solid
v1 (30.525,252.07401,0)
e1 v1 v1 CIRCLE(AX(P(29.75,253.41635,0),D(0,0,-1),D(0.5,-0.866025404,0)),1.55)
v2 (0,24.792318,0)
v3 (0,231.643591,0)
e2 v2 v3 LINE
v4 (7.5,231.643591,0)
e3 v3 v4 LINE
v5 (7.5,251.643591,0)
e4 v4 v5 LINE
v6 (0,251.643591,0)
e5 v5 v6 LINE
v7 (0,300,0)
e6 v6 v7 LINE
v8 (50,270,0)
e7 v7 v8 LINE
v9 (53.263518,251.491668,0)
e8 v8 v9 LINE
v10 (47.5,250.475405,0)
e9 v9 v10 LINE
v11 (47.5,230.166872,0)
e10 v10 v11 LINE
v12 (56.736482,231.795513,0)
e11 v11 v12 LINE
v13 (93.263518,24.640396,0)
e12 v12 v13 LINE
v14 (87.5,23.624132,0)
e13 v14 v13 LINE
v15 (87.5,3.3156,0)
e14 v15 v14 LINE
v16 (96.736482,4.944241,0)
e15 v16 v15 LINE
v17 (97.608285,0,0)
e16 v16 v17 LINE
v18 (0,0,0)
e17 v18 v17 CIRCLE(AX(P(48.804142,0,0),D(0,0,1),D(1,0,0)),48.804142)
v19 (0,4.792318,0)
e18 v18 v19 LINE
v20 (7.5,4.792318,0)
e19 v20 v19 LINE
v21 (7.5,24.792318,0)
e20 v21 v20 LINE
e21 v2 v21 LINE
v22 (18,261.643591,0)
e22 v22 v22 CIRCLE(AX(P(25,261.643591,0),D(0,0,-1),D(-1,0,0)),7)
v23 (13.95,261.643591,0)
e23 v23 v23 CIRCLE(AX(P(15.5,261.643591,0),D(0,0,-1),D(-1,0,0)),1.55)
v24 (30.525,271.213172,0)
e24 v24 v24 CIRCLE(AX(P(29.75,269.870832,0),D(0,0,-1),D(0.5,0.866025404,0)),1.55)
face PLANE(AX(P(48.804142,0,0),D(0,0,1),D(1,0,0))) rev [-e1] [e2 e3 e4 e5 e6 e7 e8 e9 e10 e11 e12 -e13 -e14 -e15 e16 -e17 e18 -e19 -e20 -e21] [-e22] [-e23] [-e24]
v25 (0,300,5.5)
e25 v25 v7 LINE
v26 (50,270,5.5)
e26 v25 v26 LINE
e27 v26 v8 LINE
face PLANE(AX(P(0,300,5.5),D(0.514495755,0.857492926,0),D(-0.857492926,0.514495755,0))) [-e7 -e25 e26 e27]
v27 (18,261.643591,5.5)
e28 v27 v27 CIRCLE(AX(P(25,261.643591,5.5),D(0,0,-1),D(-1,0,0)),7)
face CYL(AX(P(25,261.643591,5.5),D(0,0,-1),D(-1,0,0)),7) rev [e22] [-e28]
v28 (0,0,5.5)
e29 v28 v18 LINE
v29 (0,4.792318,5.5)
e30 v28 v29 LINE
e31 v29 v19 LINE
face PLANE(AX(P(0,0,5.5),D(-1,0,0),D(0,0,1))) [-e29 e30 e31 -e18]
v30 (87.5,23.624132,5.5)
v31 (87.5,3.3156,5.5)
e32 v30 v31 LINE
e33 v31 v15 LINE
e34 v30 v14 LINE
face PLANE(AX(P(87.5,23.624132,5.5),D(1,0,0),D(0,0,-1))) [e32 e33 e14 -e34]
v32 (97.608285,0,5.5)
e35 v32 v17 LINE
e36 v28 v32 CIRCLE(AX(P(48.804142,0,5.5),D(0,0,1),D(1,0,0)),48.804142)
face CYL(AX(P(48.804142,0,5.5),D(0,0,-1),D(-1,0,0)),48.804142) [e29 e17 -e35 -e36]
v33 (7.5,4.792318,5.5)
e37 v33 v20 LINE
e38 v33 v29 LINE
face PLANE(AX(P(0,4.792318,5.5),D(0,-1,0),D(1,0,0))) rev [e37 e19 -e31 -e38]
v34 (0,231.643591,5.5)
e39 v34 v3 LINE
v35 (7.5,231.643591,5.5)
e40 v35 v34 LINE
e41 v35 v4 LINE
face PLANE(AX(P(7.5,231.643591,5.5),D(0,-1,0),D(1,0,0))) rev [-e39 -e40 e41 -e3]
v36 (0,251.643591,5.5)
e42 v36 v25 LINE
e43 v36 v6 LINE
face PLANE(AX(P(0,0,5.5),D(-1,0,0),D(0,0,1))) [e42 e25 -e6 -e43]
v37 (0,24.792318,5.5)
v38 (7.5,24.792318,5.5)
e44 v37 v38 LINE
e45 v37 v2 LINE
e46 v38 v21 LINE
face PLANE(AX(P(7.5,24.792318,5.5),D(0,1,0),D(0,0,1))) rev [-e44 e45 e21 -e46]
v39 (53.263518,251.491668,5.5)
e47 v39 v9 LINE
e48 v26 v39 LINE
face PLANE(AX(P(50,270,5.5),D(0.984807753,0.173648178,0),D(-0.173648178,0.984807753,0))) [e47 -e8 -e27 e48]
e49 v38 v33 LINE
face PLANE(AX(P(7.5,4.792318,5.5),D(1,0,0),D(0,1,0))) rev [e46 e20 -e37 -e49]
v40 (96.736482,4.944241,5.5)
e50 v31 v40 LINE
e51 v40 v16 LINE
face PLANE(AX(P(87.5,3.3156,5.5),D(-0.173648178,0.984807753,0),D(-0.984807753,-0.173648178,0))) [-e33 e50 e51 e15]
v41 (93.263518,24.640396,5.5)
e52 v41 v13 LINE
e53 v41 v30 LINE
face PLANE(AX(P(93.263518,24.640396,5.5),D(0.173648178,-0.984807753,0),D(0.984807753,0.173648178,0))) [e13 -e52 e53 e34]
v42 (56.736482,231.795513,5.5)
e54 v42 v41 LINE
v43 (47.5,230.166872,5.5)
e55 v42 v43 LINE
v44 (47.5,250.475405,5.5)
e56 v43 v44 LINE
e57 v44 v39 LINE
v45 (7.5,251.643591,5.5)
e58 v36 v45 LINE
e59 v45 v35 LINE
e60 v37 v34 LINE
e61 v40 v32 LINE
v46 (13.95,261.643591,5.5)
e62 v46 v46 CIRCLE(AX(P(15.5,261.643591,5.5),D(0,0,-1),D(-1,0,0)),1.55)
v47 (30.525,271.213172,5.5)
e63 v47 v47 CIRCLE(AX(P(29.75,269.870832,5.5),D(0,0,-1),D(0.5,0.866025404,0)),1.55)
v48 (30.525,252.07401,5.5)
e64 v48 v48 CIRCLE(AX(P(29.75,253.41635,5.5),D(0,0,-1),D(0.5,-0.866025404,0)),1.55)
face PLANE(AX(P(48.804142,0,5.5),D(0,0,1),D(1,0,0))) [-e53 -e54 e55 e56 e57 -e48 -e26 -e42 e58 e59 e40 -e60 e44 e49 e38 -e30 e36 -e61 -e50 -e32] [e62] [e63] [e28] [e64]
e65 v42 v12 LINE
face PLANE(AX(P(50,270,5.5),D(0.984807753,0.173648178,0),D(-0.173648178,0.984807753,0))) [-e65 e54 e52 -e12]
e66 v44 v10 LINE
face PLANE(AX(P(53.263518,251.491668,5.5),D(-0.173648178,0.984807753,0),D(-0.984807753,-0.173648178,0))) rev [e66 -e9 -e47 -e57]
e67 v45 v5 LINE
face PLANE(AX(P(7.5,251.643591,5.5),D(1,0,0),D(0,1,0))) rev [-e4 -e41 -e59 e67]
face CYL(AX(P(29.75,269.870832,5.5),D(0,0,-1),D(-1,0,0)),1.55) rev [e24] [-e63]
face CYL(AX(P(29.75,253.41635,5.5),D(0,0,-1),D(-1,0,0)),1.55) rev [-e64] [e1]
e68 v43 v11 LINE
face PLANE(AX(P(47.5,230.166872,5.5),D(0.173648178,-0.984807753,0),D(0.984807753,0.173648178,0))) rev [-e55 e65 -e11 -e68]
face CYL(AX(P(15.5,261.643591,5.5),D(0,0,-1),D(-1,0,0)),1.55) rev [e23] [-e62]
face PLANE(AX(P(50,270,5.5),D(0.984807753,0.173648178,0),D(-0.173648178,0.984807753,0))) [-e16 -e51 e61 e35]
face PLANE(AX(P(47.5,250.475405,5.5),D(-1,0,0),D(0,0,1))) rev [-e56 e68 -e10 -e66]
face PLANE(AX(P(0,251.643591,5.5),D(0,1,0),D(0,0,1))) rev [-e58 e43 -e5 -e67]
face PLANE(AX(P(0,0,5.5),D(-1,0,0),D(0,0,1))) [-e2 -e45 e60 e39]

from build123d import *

# Parameters (mm, degrees)
EXTRUDE_1_DEPTH          = 5.5
SKETCH_5_R               = 7
CUT_EXTRUDE_1_DEPTH      = 316.527538037
SKETCH_6_R               = 1.55
CUT_EXTRUDE_2_DEPTH      = 316.527538037
PATTERN_CIRCULAR_1_COUNT = 3
SKETCH_7_W               = 7.5
SKETCH_7_H               = 20
CUT_EXTRUDE_3_DEPTH      = 316.527538037
SKETCH_8_W               = 7.5
SKETCH_8_H               = 20
CUT_EXTRUDE_4_DEPTH      = 316.6542844
CUT_EXTRUDE_5_DEPTH      = 316.6542844
CUT_EXTRUDE_6_DEPTH      = 316.6542844


with BuildPart() as part:
    # ｽｹｯﾁ1 → ﾎﾞｽ - 押し出し1 (new body)
    with BuildSketch(Plane.XY):
        with BuildLine():
            Line((0, 0), (0, 300))
            Line((0, 300), (50, 270))
            Line((50, 270), (97.608284791, 0))
            ThreePointArc((97.608284791, 0), (48.804142396, -48.804142396), (0, 0))
        make_face()
    extrude(amount=EXTRUDE_1_DEPTH)

    # ｽｹｯﾁ5 → ｶｯﾄ - 押し出し1 (cut, through all)
    with BuildSketch(Plane(origin=(0, 0, 0), x_dir=(-1, 0, 0), z_dir=(0, 0, -1))):
        with Locations((-25, 261.643590902)):
            Circle(SKETCH_5_R)
    extrude(amount=-CUT_EXTRUDE_1_DEPTH, mode=Mode.SUBTRACT)

    # ｽｹｯﾁ6 → ｶｯﾄ - 押し出し2 (cut, through all)
    with BuildSketch(Plane(origin=(0, 0, 0), x_dir=(-1, 0, 0), z_dir=(0, 0, -1))):
        with Locations((-15.5, 261.643590902)):
            Circle(SKETCH_6_R)
    cut_extrude_2 = extrude(amount=-CUT_EXTRUDE_2_DEPTH, mode=Mode.SUBTRACT)

    # 円形ﾊﾟﾀｰﾝ1: ｶｯﾄ - 押し出し2 ×3 about axis
    pattern_circular_1_axis = Axis((25, 261.643590902, 0), (0, 0, 1))
    for i in range(1, PATTERN_CIRCULAR_1_COUNT):
        add(cut_extrude_2.rotate(pattern_circular_1_axis, i * 360 / PATTERN_CIRCULAR_1_COUNT), mode=Mode.SUBTRACT)

    # ｽｹｯﾁ7 → ｶｯﾄ - 押し出し3 (cut, through all)
    with BuildSketch(Plane(origin=(0, 0, 0), x_dir=(-1, 0, 0), z_dir=(0, 0, -1))):
        with Locations((-3.75, 14.792318117)):
            Rectangle(SKETCH_7_W, SKETCH_7_H)
    extrude(amount=-CUT_EXTRUDE_3_DEPTH, mode=Mode.SUBTRACT)

    # ｽｹｯﾁ8 → ｶｯﾄ - 押し出し4 (cut, through all)
    with BuildSketch(Plane(origin=(0, 0, -5), x_dir=(-1, 0, 0), z_dir=(0, 0, -1))):
        with Locations((-3.75, 241.643590902)):
            Rectangle(SKETCH_8_W, SKETCH_8_H)
    extrude(amount=-CUT_EXTRUDE_4_DEPTH, mode=Mode.SUBTRACT)

    # ｽｹｯﾁ9 → ｶｯﾄ - 押し出し5 (cut, through all)
    with BuildSketch(Plane(origin=(0, 0, -5), x_dir=(-1, 0, 0), z_dir=(0, 0, -1))):
        Polygon((-96.736481777, 4.944240587), (-93.263518223, 24.640395647), (-87.5, 23.624131881), (-87.5, 3.315599643), align=None)
    extrude(amount=-CUT_EXTRUDE_5_DEPTH, mode=Mode.SUBTRACT)

    # ｽｹｯﾁ10 → ｶｯﾄ - 押し出し6 (cut, through all)
    with BuildSketch(Plane(origin=(0, 0, -5), x_dir=(-1, 0, 0), z_dir=(0, 0, -1))):
        Polygon((-53.263518223, 251.491668432), (-56.736481777, 231.795513372), (-47.5, 230.166872428), (-47.5, 250.475404665), align=None)
    extrude(amount=-CUT_EXTRUDE_6_DEPTH, mode=Mode.SUBTRACT)


solid = part.part
